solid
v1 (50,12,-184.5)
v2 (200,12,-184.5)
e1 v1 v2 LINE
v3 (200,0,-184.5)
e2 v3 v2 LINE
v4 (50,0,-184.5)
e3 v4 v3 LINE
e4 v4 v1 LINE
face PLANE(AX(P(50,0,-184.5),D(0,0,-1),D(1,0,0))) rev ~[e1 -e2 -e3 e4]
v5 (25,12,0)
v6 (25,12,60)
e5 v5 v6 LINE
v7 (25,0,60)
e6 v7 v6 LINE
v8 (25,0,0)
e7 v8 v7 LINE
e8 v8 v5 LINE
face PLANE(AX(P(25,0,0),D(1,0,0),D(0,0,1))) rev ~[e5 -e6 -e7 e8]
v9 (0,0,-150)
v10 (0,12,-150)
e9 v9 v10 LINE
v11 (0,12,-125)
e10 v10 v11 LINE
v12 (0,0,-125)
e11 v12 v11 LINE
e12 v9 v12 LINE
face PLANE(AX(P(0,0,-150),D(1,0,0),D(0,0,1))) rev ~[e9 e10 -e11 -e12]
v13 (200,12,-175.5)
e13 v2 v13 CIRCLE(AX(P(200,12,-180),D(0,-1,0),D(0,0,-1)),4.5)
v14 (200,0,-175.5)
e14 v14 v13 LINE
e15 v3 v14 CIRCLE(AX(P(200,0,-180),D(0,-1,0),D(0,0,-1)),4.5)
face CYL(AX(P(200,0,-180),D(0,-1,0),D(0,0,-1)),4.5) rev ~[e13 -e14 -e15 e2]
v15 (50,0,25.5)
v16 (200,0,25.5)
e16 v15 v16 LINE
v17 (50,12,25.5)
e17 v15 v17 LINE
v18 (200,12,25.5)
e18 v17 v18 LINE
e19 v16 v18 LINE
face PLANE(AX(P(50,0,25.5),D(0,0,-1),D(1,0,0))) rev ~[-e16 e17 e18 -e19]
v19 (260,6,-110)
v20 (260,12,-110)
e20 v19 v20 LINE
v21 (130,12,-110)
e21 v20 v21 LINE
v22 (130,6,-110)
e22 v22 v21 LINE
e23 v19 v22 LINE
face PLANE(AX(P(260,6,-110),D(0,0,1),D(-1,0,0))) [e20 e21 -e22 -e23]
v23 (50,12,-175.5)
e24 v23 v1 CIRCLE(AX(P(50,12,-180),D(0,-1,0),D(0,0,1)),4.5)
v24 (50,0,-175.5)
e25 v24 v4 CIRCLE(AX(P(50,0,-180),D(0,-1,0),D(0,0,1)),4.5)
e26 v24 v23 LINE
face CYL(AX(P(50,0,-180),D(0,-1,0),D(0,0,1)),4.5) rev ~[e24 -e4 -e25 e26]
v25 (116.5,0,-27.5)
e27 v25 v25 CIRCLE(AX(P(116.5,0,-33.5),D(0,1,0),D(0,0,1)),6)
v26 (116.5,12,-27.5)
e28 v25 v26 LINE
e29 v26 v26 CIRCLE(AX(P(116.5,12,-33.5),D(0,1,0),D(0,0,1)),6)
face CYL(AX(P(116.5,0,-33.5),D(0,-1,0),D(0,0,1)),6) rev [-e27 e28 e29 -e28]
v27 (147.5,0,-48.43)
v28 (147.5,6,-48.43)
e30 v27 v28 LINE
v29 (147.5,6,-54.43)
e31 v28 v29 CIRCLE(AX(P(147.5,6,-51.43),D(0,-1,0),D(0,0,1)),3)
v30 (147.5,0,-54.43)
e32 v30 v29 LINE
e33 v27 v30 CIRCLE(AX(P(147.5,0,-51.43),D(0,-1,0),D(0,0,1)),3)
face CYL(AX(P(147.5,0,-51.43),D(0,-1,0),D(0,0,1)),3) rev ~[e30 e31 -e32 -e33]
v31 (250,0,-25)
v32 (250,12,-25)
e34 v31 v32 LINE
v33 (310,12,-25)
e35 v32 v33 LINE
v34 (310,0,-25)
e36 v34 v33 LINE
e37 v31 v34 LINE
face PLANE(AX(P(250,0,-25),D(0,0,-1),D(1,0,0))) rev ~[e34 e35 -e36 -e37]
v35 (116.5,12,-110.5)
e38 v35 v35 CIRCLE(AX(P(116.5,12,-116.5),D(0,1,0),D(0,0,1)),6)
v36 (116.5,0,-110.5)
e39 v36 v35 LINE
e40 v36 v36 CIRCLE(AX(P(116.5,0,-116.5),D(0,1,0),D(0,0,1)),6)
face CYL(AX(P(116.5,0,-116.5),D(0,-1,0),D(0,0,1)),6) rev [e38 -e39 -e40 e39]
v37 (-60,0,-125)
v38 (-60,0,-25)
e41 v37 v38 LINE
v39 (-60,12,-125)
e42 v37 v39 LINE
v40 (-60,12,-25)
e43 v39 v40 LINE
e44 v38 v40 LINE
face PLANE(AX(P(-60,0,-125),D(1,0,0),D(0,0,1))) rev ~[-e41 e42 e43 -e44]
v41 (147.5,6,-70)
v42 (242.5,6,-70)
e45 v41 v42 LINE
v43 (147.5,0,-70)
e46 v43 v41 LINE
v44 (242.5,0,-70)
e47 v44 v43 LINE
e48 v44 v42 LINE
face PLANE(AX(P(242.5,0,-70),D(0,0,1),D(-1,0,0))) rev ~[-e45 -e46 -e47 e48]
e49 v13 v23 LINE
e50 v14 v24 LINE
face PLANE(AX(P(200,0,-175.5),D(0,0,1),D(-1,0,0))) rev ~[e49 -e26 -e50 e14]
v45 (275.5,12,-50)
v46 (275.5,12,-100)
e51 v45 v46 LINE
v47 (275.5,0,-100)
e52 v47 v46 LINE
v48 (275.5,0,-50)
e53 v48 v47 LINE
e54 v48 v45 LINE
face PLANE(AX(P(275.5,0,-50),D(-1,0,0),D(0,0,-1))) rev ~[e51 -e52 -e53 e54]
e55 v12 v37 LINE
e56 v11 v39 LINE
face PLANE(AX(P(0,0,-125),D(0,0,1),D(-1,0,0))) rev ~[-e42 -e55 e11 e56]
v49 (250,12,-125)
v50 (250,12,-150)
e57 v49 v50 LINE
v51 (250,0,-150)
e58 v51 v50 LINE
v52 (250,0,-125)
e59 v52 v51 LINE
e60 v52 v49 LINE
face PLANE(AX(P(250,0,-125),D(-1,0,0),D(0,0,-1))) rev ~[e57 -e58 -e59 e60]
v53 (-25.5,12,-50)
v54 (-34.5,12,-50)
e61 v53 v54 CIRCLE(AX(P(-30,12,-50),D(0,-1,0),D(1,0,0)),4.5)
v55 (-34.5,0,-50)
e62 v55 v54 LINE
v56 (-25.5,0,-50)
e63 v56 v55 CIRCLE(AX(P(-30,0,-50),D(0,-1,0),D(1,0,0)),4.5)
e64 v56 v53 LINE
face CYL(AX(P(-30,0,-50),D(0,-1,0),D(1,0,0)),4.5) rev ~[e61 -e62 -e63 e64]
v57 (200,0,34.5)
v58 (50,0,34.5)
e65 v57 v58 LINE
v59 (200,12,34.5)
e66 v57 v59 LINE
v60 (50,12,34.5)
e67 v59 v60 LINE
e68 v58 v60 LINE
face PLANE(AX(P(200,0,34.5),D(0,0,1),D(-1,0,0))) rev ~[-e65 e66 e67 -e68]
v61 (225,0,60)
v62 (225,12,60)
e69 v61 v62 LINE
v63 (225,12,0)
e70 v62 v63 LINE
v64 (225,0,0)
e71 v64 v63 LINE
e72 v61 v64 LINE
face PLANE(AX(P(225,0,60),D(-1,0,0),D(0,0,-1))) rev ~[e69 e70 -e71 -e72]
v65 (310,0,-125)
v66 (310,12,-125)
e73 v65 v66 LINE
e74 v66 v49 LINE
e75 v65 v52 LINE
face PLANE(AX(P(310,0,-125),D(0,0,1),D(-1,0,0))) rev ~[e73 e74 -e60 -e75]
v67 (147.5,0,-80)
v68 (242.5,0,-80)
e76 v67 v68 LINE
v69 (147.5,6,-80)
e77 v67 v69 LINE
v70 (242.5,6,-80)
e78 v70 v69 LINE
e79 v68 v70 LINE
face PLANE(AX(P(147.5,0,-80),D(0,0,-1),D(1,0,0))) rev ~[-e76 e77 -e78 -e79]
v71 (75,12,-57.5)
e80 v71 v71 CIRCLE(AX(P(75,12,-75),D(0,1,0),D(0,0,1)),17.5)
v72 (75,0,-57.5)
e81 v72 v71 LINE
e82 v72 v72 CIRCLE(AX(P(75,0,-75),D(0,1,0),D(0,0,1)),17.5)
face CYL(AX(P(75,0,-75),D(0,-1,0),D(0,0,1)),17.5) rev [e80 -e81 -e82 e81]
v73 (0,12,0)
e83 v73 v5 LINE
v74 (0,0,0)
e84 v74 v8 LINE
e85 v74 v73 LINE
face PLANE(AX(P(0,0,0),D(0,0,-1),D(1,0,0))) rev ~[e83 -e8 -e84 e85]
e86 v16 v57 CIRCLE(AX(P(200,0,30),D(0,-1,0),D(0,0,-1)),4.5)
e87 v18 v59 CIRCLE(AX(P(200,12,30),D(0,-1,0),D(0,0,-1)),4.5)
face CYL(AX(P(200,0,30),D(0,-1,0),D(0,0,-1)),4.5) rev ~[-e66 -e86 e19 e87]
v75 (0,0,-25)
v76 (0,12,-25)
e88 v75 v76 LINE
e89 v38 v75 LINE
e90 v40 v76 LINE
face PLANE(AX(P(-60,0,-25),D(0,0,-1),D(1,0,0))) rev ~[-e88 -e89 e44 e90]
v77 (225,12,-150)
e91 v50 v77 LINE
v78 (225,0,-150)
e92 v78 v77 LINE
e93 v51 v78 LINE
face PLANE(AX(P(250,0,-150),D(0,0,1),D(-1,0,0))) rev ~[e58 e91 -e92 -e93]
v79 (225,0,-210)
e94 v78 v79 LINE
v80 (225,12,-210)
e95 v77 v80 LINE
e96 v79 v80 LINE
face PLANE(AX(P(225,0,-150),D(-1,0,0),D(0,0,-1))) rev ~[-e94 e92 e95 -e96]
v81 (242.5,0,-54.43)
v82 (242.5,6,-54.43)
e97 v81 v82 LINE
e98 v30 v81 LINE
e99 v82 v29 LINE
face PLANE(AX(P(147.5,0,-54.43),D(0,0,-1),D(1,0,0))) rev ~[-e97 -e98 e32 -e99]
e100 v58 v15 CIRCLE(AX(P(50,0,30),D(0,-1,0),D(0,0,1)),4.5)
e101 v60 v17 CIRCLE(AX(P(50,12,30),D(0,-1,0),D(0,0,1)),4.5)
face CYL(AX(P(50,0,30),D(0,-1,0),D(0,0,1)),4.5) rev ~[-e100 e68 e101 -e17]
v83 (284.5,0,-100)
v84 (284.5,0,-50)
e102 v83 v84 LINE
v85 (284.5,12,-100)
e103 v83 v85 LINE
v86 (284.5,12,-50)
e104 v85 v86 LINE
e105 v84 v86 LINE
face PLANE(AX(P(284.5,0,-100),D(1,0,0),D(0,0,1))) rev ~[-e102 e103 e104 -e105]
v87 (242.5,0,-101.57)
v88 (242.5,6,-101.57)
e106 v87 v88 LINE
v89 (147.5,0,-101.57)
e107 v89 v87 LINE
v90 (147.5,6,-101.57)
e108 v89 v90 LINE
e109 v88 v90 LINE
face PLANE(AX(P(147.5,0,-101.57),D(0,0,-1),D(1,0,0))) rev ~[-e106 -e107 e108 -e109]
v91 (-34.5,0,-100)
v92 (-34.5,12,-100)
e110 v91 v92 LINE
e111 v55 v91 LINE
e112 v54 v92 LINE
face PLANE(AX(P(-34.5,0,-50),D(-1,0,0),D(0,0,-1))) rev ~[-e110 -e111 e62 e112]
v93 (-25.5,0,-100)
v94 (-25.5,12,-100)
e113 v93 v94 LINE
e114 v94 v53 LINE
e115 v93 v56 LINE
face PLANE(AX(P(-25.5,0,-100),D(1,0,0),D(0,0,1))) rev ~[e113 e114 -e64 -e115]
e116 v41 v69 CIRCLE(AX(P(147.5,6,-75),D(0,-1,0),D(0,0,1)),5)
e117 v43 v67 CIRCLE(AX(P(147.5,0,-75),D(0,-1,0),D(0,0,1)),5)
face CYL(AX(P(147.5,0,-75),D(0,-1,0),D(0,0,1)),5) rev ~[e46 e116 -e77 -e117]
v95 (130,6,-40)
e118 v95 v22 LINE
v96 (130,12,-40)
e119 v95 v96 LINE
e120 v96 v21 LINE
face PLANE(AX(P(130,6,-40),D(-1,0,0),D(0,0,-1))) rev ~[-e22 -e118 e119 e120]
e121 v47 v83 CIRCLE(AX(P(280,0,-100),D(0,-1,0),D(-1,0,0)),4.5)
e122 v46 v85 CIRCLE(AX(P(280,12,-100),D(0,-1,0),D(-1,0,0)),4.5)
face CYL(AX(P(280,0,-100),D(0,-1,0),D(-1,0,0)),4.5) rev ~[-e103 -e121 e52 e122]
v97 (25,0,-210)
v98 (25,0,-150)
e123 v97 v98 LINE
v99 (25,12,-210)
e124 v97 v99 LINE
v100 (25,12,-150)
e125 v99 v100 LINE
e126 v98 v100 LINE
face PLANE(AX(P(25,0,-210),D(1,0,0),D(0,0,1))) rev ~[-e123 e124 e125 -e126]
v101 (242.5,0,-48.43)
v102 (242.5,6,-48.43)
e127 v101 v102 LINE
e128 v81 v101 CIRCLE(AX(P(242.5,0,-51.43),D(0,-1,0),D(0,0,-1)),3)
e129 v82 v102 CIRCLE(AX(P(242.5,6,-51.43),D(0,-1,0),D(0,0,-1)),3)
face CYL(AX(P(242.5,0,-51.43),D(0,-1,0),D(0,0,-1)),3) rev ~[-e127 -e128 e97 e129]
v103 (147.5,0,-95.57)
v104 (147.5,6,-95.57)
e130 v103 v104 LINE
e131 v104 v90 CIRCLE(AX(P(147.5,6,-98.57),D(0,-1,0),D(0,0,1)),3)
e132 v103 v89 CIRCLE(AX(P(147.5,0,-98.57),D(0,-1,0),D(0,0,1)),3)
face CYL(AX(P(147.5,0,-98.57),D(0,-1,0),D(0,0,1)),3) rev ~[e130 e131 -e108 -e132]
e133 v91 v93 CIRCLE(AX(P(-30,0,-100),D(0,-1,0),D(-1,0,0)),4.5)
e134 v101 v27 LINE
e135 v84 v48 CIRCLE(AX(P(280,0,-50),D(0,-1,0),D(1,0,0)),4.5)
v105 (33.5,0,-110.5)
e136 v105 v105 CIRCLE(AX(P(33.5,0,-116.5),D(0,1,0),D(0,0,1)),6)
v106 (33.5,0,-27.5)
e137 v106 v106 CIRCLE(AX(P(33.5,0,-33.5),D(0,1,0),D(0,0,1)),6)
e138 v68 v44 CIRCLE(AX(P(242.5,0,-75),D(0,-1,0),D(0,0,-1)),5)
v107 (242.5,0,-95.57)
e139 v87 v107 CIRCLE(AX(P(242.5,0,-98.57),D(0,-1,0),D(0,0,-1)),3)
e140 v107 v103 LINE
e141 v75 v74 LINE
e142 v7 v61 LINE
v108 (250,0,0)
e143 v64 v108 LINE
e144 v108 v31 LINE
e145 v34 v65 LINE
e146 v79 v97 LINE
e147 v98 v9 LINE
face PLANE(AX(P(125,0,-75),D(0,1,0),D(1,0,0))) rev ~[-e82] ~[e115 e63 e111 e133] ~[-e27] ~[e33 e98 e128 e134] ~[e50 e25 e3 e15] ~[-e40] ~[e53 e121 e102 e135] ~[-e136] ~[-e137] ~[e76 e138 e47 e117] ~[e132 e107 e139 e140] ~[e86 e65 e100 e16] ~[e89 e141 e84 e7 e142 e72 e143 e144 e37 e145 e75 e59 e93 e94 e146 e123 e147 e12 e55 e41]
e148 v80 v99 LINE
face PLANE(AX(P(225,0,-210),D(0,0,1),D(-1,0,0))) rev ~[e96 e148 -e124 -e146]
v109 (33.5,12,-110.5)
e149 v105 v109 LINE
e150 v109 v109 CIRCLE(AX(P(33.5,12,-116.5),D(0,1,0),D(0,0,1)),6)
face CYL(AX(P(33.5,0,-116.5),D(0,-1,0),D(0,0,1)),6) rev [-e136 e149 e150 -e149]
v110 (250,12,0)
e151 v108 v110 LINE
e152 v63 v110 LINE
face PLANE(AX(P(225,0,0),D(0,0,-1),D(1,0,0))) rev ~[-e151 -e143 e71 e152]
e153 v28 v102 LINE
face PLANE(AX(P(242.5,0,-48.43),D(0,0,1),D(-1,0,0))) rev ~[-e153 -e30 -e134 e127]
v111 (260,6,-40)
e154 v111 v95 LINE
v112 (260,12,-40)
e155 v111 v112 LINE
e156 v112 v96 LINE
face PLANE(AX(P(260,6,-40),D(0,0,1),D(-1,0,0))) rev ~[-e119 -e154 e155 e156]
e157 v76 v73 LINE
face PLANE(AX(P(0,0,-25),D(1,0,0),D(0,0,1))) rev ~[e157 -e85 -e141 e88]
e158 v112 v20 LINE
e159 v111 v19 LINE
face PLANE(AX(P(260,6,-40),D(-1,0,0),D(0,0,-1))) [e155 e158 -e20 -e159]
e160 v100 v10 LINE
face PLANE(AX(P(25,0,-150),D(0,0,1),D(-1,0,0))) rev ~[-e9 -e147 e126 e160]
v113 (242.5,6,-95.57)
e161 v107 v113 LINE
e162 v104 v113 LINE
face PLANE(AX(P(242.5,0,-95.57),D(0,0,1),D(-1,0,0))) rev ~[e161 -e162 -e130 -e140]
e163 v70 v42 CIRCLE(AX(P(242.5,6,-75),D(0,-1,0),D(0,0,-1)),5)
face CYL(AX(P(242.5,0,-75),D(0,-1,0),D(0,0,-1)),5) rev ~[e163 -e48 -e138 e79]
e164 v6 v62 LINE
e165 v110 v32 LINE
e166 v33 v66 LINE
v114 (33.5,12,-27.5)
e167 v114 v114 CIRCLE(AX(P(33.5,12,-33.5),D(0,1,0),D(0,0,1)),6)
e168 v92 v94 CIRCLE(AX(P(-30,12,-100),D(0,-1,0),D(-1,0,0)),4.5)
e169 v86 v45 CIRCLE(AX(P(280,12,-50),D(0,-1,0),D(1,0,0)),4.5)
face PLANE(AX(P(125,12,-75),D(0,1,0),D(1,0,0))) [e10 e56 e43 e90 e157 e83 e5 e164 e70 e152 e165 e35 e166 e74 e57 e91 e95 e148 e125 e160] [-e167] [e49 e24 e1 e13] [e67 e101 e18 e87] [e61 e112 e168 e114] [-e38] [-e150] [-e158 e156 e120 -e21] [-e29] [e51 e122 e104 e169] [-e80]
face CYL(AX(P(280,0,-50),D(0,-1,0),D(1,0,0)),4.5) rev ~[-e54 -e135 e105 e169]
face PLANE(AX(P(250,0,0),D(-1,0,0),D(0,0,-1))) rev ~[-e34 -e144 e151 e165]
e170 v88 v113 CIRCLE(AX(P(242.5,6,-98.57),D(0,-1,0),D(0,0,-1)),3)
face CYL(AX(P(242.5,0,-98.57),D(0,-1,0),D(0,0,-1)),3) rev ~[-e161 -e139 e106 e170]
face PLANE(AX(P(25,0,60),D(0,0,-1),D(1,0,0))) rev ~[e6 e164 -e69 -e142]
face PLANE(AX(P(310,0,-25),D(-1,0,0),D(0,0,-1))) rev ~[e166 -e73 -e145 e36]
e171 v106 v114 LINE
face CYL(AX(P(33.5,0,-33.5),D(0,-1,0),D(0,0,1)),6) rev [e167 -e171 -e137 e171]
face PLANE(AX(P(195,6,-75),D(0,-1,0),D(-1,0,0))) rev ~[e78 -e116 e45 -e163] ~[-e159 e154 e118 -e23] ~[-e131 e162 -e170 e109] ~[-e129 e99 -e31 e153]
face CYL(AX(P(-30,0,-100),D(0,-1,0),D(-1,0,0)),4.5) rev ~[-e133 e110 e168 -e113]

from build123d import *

# Parameters (mm, degrees)
SKETCH1_R           = 17.5
SKETCH1_R_2         = 6
BOSS_EXTRUDE1_DEPTH = 12
CUT_EXTRUDE1_START  = -6
SKETCH2_W           = 130
SKETCH2_H           = 70
CUT_EXTRUDE1_DEPTH  = 6


with BuildPart() as part:
    # Sketch1 → Boss-Extrude1 (new body)
    with BuildSketch(Plane(origin=(0, 0, 0), x_dir=(1, 0, 0), z_dir=(0, 1, 0))):
        Polygon((0, 0), (25, 0), (25, -60), (225, -60), (225, 0), (250, 0), (250, 25), (310, 25), (310, 125), (250, 125), (250, 150), (225, 150), (225, 210), (25, 210), (25, 150), (0, 150), (0, 125), (-60, 125), (-60, 25), (0, 25), align=None)
        with Locations(Location((75, 75, 0), (0, 0, 270))):
            Circle(SKETCH1_R, mode=Mode.SUBTRACT)
        with Locations(Location((33.5, 33.5, 0), (0, 0, 270))):
            Circle(SKETCH1_R_2, mode=Mode.SUBTRACT)
        with Locations(Location((116.5, 33.5, 0), (0, 0, 270))):
            Circle(SKETCH1_R_2, mode=Mode.SUBTRACT)
        with Locations(Location((116.5, 116.5, 0), (0, 0, 270))):
            Circle(SKETCH1_R_2, mode=Mode.SUBTRACT)
        with Locations(Location((33.5, 116.5, 0), (0, 0, 270))):
            Circle(SKETCH1_R_2, mode=Mode.SUBTRACT)
        with BuildLine():
            Line((-25.5, 100), (-25.5, 50))
            ThreePointArc((-25.5, 50), (-30, 45.5), (-34.5, 50))
            Line((-34.5, 50), (-34.5, 100))
            ThreePointArc((-34.5, 100), (-30, 104.5), (-25.5, 100))
        make_face(mode=Mode.SUBTRACT)
        with BuildLine():
            Line((50, 184.5), (200, 184.5))
            ThreePointArc((200, 184.5), (204.5, 180), (200, 175.5))
            Line((200, 175.5), (50, 175.5))
            ThreePointArc((50, 175.5), (45.5, 180), (50, 184.5))
        make_face(mode=Mode.SUBTRACT)
        with BuildLine():
            Line((50, -25.5), (200, -25.5))
            ThreePointArc((200, -25.5), (204.5, -30), (200, -34.5))
            Line((200, -34.5), (50, -34.5))
            ThreePointArc((50, -34.5), (45.5, -30), (50, -25.5))
        make_face(mode=Mode.SUBTRACT)
        with BuildLine():
            Line((275.5, 50), (275.5, 100))
            ThreePointArc((275.5, 100), (280, 104.5), (284.5, 100))
            Line((284.5, 100), (284.5, 50))
            ThreePointArc((284.5, 50), (280, 45.5), (275.5, 50))
        make_face(mode=Mode.SUBTRACT)
        with BuildLine():
            Line((147.5, 54.43), (242.5, 54.43))
            ThreePointArc((242.5, 54.43), (245.5, 51.43), (242.5, 48.43))
            Line((242.5, 48.43), (147.5, 48.43))
            ThreePointArc((147.5, 48.43), (144.5, 51.43), (147.5, 54.43))
        make_face(mode=Mode.SUBTRACT)
        with BuildLine():
            Line((147.5, 101.57), (242.5, 101.57))
            ThreePointArc((242.5, 101.57), (245.5, 98.57), (242.5, 95.57))
            Line((242.5, 95.57), (147.5, 95.57))
            ThreePointArc((147.5, 95.57), (144.5, 98.57), (147.5, 101.57))
        make_face(mode=Mode.SUBTRACT)
        with BuildLine():
            Line((147.5, 80), (242.5, 80))
            ThreePointArc((242.5, 80), (247.5, 75), (242.5, 70))
            Line((242.5, 70), (147.5, 70))
            ThreePointArc((147.5, 70), (142.5, 75), (147.5, 80))
        make_face(mode=Mode.SUBTRACT)
    extrude(amount=BOSS_EXTRUDE1_DEPTH)

    # Sketch2 → Cut-Extrude1 (cut)
    with BuildSketch(Plane(origin=(0, 0, 0), x_dir=(-1, 0, 0), z_dir=(0, -1, 0)).offset(CUT_EXTRUDE1_START)):
        with Locations((-195, 75)):
            Rectangle(SKETCH2_W, SKETCH2_H)
    extrude(amount=-CUT_EXTRUDE1_DEPTH, mode=Mode.SUBTRACT)


solid = part.part
